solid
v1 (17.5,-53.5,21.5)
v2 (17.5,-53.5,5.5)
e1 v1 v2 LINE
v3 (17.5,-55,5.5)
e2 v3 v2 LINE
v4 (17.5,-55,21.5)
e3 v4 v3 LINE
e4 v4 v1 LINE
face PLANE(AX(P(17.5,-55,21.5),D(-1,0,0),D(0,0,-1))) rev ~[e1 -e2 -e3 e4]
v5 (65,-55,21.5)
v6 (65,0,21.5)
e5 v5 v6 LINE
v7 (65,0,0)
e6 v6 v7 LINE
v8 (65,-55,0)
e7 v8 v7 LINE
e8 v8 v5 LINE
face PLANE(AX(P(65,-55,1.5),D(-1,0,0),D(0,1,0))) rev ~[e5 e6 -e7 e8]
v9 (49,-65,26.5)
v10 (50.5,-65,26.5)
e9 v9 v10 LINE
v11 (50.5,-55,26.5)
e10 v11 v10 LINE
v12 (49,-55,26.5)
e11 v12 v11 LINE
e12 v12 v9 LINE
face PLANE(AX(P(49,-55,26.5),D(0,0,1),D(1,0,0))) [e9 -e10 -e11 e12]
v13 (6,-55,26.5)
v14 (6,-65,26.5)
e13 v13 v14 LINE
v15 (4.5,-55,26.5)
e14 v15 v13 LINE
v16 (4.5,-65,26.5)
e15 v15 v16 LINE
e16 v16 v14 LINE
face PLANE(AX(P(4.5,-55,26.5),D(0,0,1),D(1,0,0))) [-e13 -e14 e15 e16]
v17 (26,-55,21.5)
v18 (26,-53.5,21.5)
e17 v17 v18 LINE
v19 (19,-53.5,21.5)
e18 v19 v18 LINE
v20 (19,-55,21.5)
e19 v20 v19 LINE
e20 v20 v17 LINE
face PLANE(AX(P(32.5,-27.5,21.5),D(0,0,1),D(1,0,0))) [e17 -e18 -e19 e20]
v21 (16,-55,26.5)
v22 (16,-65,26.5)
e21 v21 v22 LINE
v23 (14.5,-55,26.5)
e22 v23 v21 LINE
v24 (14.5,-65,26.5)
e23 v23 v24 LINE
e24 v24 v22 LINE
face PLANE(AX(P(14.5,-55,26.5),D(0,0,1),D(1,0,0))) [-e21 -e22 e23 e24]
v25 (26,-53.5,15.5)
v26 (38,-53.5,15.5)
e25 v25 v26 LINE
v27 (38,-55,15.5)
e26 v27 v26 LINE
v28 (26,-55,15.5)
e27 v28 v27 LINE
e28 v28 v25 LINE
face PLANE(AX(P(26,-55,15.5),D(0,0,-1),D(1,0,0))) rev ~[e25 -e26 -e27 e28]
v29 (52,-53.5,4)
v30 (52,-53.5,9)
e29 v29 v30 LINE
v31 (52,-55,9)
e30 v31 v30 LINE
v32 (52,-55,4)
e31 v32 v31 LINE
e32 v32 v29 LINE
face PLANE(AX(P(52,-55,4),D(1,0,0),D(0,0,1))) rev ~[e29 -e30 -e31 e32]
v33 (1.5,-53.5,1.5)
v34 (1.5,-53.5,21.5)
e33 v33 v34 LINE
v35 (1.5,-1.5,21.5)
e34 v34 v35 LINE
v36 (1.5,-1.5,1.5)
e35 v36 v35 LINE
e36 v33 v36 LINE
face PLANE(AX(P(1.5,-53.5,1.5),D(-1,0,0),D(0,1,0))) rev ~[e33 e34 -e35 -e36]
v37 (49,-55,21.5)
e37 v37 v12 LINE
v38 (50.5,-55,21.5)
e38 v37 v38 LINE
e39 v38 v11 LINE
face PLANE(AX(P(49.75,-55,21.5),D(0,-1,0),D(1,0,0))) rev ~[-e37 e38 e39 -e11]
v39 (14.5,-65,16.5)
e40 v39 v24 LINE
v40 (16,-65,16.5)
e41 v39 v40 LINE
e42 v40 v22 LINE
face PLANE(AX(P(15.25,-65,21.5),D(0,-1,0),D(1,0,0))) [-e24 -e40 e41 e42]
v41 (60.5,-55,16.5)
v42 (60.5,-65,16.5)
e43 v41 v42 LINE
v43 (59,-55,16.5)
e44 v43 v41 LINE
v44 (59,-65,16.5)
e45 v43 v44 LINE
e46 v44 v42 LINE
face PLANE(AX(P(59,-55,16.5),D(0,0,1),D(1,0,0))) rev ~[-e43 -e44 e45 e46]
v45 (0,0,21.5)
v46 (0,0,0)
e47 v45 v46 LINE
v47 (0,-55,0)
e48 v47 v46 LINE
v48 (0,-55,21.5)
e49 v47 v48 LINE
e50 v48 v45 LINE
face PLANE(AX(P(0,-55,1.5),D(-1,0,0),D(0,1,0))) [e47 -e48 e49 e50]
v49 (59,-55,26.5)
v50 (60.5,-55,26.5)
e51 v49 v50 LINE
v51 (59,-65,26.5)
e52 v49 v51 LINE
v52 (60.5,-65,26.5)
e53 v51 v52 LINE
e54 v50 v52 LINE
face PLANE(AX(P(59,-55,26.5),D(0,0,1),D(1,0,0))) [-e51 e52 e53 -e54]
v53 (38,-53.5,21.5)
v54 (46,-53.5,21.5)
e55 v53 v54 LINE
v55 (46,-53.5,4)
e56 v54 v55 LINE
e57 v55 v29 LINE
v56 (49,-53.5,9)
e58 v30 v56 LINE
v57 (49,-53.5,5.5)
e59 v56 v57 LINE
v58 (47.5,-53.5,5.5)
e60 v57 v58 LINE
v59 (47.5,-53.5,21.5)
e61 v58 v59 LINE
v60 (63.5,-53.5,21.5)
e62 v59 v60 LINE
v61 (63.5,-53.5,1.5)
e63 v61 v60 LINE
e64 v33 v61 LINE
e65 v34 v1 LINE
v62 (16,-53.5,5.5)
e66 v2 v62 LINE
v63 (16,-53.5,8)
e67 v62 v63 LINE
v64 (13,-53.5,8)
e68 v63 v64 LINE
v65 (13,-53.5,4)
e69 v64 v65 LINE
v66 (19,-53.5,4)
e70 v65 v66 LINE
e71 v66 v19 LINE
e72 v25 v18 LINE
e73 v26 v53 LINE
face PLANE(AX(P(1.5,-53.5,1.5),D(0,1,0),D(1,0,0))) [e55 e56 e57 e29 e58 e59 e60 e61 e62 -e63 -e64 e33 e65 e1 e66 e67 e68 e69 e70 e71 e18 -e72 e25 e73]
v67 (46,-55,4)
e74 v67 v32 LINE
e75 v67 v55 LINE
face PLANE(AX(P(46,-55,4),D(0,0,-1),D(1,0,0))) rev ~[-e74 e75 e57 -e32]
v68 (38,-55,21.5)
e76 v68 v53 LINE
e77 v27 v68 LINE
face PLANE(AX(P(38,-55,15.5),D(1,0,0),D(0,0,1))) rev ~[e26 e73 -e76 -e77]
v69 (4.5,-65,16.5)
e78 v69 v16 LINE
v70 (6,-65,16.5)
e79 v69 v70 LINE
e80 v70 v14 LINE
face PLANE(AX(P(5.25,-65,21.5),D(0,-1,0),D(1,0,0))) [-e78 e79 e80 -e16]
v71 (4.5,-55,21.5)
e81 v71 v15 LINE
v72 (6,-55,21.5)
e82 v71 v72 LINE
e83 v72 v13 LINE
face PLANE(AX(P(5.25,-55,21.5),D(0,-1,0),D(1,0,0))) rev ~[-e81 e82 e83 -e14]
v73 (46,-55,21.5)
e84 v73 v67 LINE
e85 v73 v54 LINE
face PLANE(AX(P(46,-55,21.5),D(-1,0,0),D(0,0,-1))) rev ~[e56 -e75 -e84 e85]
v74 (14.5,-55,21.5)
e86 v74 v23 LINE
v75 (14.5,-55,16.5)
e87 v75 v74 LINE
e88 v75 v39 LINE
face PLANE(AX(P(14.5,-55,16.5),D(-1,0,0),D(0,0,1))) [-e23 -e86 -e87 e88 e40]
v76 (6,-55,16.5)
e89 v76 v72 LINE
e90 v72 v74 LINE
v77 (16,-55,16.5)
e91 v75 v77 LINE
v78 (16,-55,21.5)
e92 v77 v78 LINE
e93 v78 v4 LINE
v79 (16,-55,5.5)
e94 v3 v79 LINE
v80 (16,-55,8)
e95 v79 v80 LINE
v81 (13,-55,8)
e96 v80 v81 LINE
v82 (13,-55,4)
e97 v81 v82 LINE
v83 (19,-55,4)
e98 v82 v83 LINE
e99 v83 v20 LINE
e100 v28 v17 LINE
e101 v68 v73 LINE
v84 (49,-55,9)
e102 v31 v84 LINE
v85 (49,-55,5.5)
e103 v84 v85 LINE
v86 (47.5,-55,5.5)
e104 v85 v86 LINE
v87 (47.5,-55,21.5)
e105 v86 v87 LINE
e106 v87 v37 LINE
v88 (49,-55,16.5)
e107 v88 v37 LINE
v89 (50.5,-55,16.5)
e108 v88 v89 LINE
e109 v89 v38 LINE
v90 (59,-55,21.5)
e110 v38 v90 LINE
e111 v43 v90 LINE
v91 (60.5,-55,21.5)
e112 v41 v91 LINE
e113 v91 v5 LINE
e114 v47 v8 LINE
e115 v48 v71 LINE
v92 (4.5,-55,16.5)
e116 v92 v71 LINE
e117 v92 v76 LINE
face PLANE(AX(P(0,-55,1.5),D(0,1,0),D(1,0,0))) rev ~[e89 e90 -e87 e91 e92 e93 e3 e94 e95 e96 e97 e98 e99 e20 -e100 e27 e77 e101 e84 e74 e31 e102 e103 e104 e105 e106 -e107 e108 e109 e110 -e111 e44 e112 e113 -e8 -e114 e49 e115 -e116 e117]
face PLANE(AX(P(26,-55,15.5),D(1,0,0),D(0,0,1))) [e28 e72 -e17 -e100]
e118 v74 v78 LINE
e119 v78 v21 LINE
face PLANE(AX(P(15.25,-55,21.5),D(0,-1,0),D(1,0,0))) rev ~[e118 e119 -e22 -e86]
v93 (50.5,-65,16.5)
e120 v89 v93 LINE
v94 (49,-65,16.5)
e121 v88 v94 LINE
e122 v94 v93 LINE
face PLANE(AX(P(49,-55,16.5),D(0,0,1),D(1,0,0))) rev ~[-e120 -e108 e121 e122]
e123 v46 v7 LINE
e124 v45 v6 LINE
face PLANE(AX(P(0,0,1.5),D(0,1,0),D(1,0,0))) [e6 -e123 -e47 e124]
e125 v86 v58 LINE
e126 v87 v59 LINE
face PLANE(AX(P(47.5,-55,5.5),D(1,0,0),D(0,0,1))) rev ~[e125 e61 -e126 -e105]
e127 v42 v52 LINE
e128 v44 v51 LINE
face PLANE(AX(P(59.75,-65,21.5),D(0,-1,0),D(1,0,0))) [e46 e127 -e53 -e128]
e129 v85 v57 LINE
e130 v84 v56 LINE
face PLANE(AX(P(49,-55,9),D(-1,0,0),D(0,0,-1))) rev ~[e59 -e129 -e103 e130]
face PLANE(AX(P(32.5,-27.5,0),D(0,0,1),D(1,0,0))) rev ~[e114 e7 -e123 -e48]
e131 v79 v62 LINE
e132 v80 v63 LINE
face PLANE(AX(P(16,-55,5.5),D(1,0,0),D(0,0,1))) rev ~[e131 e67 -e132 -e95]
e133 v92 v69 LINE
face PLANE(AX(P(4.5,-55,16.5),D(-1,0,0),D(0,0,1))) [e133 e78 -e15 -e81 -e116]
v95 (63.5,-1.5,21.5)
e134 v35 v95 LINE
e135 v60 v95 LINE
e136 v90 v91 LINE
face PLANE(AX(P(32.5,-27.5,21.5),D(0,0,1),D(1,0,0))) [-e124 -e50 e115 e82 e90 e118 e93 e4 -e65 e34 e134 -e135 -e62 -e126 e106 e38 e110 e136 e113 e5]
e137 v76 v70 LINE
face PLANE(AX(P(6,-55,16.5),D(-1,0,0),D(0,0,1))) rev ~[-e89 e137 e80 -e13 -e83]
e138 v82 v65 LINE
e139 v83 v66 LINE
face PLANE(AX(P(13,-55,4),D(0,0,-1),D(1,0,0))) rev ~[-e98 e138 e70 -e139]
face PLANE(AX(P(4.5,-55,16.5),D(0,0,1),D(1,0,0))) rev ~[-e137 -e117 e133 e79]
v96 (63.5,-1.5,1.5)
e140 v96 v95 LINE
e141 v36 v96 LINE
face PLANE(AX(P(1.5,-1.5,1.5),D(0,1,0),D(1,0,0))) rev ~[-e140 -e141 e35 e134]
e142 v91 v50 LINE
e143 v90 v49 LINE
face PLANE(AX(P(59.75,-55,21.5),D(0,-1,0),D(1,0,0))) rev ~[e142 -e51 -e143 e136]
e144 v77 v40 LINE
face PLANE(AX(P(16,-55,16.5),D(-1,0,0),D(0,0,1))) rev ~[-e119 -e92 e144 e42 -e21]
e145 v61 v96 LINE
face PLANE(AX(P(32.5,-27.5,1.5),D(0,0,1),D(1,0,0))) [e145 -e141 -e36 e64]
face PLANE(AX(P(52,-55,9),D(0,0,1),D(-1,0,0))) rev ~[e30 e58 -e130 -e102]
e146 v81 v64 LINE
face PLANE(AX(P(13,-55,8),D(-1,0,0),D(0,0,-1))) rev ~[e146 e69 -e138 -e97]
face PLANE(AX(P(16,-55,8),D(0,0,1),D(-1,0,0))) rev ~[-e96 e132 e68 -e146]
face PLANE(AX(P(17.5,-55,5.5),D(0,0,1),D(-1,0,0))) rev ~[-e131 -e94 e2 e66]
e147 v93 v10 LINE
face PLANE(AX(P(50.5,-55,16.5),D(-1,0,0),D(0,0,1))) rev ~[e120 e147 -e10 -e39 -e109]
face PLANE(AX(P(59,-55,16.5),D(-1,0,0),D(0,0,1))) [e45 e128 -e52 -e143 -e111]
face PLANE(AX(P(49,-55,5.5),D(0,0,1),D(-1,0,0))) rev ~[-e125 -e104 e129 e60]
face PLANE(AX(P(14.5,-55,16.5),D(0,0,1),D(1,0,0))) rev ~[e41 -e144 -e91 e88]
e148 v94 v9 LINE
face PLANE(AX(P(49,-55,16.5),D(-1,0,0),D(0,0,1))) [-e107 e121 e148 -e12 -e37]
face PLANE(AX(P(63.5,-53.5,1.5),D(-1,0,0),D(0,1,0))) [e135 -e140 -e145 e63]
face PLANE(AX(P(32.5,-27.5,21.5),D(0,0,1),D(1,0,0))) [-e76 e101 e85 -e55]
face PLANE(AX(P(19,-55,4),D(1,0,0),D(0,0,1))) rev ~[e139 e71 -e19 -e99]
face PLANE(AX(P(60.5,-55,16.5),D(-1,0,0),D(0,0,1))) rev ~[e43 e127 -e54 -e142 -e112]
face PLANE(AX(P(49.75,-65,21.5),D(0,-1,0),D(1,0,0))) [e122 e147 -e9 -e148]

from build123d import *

# Parameters (mm, degrees)
SKETCH_1_W          = 65
SKETCH_1_H          = 55
EXTRUDE_1_DEPTH     = 1.5
SKETCH_2_W          = 65
SKETCH_2_H          = 55
SKETCH_2_W_2        = 62
SKETCH_2_H_2        = 52
EXTRUDE_2_DEPTH     = 20
SKETCH_3_W          = 12
SKETCH_3_H          = 6
CUT_EXTRUDE_1_DEPTH = 1.5
CUT_EXTRUDE_2_DEPTH = 1.5
SKETCH_5_W          = 1.5
SKETCH_5_H          = 10
EXTRUDE_3_DEPTH     = 10


with BuildPart() as part:
    # 草图1 → 凸台-拉伸1 (new body)
    with BuildSketch(Plane.XY):
        with Locations((32.5, -27.5)):
            Rectangle(SKETCH_1_W, SKETCH_1_H)
    extrude(amount=EXTRUDE_1_DEPTH)

    # 草图2 → 凸台-拉伸2 (add)
    with BuildSketch(Plane.XY.offset(1.5)):
        with Locations((32.5, -27.5)):
            Rectangle(SKETCH_2_W, SKETCH_2_H)
        with Locations((32.5, -27.5)):
            Rectangle(SKETCH_2_W_2, SKETCH_2_H_2, mode=Mode.SUBTRACT)
    extrude(amount=EXTRUDE_2_DEPTH)

    # 草图3 → 切除-拉伸1 (cut)
    with BuildSketch(Plane.XZ.offset(55)):
        with Locations((32, 18.5)):
            Rectangle(SKETCH_3_W, SKETCH_3_H)
    extrude(amount=-CUT_EXTRUDE_1_DEPTH, mode=Mode.SUBTRACT)

    # 草图4 → 切除-拉伸2 (cut)
    with BuildSketch(Plane.XZ.offset(55)):
        Polygon((19, 21.5), (17.5, 21.5), (17.5, 5.5), (16, 5.5), (16, 8), (13, 8), (13, 4), (19, 4), align=None)
        Polygon((47.5, 5.5), (47.5, 21.5), (46, 21.5), (46, 4), (52, 4), (52, 9), (49, 9), (49, 5.5), align=None)
    extrude(amount=-CUT_EXTRUDE_2_DEPTH, mode=Mode.SUBTRACT)

    # 草图5 → 凸台-拉伸3 (add)
    with BuildSketch(Plane.XZ.offset(55)):
        with Locations((15.25, 21.5)):
            Rectangle(SKETCH_5_W, SKETCH_5_H)
        with Locations((5.25, 21.5)):
            Rectangle(SKETCH_5_W, SKETCH_5_H)
        with Locations((49.75, 21.5)):
            Rectangle(SKETCH_5_W, SKETCH_5_H)
        with Locations((59.75, 21.5)):
            Rectangle(SKETCH_5_W, SKETCH_5_H)
    extrude(amount=EXTRUDE_3_DEPTH)


solid = part.part
